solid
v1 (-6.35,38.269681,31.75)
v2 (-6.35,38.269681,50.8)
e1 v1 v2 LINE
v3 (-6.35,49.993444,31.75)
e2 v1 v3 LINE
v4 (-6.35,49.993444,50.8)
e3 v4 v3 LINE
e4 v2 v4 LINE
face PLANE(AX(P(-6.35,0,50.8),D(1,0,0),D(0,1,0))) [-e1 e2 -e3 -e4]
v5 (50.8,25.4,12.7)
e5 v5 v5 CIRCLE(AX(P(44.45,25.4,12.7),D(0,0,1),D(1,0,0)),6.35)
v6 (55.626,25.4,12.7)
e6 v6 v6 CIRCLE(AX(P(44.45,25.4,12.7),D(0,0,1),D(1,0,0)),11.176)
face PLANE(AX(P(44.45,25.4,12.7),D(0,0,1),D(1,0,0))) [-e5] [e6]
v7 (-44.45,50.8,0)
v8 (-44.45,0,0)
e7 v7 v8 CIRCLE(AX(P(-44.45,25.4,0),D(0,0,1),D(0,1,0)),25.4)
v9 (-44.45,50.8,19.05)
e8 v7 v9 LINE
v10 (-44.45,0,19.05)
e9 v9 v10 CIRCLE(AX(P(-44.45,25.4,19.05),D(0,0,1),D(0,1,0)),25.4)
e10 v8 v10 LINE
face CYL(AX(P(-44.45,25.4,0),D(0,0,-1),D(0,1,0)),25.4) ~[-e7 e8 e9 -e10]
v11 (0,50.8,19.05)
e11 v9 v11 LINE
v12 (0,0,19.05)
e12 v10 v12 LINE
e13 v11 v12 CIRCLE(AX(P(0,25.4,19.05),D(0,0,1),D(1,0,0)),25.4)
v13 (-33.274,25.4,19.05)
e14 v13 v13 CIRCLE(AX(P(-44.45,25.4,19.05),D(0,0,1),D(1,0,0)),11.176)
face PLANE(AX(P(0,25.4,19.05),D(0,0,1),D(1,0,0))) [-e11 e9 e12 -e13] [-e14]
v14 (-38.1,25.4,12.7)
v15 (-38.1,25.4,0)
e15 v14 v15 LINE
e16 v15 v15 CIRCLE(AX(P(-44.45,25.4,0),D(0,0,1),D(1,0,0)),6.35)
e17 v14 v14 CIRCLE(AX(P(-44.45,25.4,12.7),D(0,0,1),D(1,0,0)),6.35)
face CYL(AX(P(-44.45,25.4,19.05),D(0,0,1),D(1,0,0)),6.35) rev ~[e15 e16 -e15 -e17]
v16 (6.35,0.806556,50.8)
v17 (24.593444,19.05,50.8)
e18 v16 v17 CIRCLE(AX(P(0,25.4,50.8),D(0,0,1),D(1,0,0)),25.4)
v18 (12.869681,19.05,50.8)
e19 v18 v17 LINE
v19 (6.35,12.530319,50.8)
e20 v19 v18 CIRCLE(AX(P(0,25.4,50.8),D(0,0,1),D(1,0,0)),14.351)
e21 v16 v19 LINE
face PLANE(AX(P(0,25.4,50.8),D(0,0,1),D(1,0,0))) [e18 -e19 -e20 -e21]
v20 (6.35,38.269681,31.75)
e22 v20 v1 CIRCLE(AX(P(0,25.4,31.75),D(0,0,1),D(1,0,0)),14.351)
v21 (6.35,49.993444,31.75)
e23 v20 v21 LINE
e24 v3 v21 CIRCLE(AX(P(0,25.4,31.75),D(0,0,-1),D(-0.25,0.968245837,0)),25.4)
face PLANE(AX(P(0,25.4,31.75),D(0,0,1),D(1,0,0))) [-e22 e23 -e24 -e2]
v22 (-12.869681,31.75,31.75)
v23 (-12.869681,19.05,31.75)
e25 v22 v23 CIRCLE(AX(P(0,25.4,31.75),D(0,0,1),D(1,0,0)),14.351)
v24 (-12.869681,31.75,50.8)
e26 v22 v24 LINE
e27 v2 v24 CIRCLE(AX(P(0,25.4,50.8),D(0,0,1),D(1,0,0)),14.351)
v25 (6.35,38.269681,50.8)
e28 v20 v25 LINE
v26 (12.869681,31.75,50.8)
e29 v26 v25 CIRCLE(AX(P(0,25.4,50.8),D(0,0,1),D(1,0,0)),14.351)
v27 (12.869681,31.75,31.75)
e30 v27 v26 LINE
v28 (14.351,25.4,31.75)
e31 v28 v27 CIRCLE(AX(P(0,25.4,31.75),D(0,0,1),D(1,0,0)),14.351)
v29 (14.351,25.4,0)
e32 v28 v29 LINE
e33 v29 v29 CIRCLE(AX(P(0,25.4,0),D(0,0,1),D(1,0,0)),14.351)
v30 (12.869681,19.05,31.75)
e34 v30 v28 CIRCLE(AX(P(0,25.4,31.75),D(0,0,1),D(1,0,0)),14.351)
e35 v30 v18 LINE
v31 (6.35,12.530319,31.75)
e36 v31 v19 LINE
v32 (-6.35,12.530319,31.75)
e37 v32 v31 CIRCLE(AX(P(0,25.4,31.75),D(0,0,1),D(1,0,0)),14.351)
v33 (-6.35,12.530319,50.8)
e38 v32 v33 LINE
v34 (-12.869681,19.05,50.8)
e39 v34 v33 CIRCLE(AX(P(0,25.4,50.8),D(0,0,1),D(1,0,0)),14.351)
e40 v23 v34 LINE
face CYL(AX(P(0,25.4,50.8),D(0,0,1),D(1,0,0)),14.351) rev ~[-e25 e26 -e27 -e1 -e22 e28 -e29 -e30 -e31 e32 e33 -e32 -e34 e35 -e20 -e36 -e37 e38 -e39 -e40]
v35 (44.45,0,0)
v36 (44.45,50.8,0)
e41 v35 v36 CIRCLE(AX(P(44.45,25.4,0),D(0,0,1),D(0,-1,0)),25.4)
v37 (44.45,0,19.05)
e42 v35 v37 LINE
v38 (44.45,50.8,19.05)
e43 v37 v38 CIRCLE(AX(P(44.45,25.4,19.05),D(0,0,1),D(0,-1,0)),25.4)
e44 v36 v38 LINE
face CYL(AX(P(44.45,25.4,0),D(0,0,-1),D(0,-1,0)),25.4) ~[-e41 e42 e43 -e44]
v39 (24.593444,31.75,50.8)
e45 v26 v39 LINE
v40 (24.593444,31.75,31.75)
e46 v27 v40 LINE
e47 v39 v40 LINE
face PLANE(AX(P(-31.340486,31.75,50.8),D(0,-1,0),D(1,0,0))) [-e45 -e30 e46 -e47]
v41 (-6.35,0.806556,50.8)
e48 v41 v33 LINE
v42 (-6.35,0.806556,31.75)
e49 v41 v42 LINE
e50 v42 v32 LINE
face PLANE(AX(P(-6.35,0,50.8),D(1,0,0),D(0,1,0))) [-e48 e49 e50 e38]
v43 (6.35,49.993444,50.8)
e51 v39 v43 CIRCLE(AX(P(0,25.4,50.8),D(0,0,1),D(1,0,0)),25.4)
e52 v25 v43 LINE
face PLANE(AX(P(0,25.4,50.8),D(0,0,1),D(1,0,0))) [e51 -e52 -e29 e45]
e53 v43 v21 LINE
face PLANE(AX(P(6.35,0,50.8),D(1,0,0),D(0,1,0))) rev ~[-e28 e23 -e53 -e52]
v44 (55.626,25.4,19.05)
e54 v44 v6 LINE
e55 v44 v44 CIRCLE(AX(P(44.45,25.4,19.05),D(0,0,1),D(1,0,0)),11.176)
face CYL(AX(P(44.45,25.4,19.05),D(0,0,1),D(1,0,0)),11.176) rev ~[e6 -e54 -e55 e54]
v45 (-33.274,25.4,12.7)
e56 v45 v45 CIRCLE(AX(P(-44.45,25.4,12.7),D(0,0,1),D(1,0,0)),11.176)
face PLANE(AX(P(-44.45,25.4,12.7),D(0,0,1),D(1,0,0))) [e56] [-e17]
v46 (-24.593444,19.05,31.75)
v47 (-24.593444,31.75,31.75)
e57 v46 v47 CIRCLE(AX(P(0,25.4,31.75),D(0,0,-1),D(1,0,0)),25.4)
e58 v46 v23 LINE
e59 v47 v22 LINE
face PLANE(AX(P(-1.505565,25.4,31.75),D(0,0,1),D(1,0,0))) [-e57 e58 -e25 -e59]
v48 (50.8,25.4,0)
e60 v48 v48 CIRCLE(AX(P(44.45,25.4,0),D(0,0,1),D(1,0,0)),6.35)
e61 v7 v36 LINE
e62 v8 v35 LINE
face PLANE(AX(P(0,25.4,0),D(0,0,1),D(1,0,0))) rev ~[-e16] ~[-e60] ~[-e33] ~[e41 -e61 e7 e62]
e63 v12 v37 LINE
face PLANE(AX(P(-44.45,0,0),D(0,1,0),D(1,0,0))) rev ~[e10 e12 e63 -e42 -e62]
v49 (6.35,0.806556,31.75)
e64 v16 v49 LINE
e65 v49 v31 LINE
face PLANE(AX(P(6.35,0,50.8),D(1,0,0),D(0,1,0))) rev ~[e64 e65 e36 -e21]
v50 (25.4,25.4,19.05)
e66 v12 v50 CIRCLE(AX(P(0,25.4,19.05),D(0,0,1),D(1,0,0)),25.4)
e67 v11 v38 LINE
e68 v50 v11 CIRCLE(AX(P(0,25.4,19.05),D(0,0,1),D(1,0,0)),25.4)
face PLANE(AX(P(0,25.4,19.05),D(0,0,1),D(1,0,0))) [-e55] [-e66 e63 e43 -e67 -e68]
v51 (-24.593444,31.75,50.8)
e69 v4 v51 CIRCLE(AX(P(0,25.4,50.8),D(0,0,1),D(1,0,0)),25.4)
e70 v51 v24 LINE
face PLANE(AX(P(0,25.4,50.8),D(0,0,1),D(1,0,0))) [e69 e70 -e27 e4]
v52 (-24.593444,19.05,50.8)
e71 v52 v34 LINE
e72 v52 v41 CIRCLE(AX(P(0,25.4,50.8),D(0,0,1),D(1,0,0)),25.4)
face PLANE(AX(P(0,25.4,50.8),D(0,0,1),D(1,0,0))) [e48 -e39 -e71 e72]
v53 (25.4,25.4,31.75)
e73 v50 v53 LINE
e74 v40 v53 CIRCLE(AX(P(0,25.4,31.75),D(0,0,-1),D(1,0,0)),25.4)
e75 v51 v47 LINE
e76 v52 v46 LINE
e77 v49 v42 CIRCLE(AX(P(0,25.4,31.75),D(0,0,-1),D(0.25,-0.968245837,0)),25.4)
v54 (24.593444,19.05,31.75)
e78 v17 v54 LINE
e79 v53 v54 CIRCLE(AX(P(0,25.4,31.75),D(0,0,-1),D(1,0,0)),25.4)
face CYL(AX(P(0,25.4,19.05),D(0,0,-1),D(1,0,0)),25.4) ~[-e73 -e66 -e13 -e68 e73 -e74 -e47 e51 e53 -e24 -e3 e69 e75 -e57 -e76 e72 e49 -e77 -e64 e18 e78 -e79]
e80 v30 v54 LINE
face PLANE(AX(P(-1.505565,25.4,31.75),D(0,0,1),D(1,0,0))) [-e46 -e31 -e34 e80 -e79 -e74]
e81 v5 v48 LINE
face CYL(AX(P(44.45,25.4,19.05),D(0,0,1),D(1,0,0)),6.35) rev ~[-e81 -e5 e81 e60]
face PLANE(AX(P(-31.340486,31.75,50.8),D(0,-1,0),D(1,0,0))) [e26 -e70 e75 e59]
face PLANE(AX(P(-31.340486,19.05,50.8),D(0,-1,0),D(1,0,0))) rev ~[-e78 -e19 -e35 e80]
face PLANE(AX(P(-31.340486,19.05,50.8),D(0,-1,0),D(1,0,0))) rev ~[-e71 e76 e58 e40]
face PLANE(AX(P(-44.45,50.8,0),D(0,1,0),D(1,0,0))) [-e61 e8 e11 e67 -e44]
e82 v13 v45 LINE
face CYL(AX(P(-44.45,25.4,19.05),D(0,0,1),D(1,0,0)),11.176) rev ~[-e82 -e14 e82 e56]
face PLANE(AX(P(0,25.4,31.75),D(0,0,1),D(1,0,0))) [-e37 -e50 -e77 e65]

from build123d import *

# Parameters (mm, degrees)
F0_W      = 88.9
F0_H      = 50.8
F1_DEPTH  = 19.05
F2_R      = 11.176
F2_R_2    = 6.35
F3_DEPTH  = 6.35
F4_DEPTH  = 19.051
F5_R      = 25.4
F6_DEPTH  = 31.75
F7_R      = 14.351
F8_DEPTH  = 50.801
F9_W      = 12.7
F9_H      = 50.8
F10_DEPTH = 19.05
F11_W     = 59.6698417132
F11_H     = 12.7
F12_DEPTH = 19.05


with BuildPart() as f1:
    # F0 (on Top) → F1 (new body)
    with BuildSketch(Plane.XY):
        with Locations((0, 25.4)):
            Rectangle(F0_W, F0_H)
        with BuildLine():
            ThreePointArc((-44.45, 50.8), (-69.85, 25.4), (-44.45, 0))
            Line((-44.45, 0), (-44.45, 50.8))
        make_face()
        with BuildLine():
            Line((44.45, 50.8), (44.45, 0))
            ThreePointArc((44.45, 0), (69.85, 25.4), (44.45, 50.8))
        make_face()
    extrude(amount=F1_DEPTH)

    # F2 (on face) → F3 (cut)
    with BuildSketch(Plane.XY.offset(19.05)):
        with Locations((-44.45, 25.4)):
            Circle(F2_R)
        with Locations((-44.45, 25.4)):
            Circle(F2_R_2, mode=Mode.SUBTRACT)
        with Locations((44.45, 25.4)):
            Circle(F2_R)
        with Locations((44.45, 25.4)):
            Circle(F2_R_2, mode=Mode.SUBTRACT)
    extrude(amount=-F3_DEPTH, mode=Mode.SUBTRACT)

    # F4 (cut, through all): faces of the model
    f4_faces = [f1.faces().sort_by_distance(p)[0] for p in [
        (-44.45, 25.4, 19.05),
        (44.45, 25.4, 19.05),
    ]]
    extrude(f4_faces, amount=-F4_DEPTH, mode=Mode.SUBTRACT)

    # F5 (on face) → F6 (join)
    with BuildSketch(Plane.XY.offset(19.05)):
        with Locations((0, 25.4)):
            Circle(F5_R)
    extrude(amount=F6_DEPTH)

    # F7 (on face) → F8 (cut, through all)
    with BuildSketch(Plane.XY.offset(50.8)):
        with Locations((0, 25.4)):
            Circle(F7_R)
    extrude(amount=-F8_DEPTH, mode=Mode.SUBTRACT)

    # F9 (on face) → F10 (cut)
    with BuildSketch(Plane.XY.offset(50.8)):
        with Locations((0, 25.4)):
            Rectangle(F9_W, F9_H)
    extrude(amount=-F10_DEPTH, mode=Mode.SUBTRACT)

    # F11 (on face) → F12 (cut)
    with BuildSketch(Plane.XY.offset(50.8)):
        with Locations((-1.5055649169, 25.4)):
            Rectangle(F11_W, F11_H)
    extrude(amount=-F12_DEPTH, mode=Mode.SUBTRACT)


solid = f1.part
